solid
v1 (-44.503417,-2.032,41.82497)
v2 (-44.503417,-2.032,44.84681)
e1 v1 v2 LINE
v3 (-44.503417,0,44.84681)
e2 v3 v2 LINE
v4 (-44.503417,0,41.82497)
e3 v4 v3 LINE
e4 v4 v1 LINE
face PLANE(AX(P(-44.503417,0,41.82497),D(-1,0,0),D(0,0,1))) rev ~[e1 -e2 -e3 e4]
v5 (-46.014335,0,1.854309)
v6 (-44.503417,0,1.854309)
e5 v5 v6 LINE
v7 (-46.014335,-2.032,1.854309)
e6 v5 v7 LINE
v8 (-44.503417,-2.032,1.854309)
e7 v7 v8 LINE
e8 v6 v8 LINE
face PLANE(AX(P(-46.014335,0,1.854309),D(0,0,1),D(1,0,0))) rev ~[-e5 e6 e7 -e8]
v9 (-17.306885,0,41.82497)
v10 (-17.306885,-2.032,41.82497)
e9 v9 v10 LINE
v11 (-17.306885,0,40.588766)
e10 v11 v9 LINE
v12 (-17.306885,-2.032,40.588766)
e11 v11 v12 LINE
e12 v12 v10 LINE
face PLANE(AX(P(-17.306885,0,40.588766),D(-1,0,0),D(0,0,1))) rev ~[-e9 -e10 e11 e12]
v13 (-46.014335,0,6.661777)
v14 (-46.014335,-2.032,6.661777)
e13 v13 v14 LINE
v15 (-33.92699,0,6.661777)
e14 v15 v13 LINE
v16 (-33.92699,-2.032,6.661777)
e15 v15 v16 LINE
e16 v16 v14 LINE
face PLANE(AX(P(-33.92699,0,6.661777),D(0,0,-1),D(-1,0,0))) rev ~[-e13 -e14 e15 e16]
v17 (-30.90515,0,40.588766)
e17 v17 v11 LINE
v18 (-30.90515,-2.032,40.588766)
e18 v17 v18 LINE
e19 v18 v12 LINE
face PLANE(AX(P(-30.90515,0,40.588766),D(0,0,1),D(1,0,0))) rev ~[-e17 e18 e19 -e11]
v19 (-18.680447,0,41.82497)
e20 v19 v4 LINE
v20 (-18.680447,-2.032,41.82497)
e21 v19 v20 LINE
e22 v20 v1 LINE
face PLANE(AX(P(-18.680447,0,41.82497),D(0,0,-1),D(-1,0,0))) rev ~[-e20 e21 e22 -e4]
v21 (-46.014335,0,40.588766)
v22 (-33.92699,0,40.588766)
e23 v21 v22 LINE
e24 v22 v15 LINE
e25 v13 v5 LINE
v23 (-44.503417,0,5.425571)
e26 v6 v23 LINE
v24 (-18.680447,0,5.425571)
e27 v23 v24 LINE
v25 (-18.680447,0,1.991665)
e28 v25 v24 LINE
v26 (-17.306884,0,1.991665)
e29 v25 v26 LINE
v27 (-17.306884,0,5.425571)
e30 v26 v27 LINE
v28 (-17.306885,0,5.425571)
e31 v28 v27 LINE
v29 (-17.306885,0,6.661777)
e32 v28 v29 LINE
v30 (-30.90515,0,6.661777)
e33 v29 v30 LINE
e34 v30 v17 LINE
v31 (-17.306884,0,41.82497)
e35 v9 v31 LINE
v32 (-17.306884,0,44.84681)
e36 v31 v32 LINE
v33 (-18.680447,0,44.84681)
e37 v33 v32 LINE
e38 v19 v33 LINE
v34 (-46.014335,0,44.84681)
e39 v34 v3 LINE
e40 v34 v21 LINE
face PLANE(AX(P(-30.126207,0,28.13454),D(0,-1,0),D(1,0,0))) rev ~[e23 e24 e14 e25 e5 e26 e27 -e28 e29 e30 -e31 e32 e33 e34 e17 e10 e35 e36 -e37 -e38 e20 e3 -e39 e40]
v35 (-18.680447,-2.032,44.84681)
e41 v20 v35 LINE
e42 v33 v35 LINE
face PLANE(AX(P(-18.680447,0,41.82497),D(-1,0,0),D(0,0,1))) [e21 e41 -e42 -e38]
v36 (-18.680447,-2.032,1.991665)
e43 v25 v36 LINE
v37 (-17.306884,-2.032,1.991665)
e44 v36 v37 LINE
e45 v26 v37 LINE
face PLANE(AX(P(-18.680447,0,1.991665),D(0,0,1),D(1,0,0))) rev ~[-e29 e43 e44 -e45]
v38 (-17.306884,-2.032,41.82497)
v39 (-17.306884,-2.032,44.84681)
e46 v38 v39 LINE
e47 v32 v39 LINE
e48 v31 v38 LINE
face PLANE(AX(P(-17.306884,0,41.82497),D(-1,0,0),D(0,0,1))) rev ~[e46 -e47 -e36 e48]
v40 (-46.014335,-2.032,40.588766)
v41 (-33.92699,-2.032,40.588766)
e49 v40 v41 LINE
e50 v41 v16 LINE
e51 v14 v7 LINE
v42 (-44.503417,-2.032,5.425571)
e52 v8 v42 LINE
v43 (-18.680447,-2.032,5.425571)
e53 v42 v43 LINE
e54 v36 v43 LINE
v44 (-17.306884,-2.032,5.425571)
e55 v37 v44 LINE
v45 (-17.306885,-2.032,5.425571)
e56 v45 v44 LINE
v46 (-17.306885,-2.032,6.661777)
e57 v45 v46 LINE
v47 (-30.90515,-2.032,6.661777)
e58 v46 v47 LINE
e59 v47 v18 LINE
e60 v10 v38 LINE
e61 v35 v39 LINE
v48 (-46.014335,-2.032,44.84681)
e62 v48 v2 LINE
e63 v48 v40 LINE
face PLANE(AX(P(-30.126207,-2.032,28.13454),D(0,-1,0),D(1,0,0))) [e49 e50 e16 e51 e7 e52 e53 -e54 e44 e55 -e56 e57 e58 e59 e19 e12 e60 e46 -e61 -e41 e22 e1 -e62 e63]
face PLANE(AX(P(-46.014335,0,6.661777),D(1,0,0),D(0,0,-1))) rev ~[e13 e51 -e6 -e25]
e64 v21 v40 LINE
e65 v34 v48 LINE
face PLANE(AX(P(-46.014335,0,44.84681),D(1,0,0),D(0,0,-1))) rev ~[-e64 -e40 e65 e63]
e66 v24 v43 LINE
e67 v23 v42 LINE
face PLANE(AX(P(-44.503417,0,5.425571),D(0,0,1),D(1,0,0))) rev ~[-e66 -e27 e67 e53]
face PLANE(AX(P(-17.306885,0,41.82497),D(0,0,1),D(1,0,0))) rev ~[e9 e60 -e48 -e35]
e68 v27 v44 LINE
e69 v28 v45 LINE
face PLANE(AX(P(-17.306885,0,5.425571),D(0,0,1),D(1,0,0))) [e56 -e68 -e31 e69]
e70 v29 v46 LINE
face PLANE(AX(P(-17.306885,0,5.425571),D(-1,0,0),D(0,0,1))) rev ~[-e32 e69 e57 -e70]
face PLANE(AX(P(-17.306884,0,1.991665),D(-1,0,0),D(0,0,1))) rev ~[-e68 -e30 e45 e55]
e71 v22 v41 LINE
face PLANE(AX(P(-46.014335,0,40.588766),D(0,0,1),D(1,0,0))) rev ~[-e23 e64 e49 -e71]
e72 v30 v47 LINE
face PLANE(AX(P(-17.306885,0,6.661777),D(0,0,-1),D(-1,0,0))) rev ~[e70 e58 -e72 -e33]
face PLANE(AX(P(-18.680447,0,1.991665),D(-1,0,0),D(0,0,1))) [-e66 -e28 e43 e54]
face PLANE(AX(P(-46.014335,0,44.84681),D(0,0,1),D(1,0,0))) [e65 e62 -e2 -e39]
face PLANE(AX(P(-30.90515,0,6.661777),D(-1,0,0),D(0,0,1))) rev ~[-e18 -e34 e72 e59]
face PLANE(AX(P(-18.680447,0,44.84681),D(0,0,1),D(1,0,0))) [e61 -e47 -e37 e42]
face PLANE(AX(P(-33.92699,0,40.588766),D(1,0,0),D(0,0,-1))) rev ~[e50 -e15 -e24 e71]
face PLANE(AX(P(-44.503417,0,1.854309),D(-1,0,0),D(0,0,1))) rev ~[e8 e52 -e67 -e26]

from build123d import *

# Parameters (mm, degrees)
F0_W     = 1.510918
F0_H     = 3.02184
F0_W_2   = 1.373563
F0_H_2   = 3.571262
F0_H_3   = 3.433906
F1_DEPTH = 2.032


with BuildPart() as f1:
    # F0 (on Front) → F1 (new body)
    with BuildSketch(Plane.XZ):
        Polygon((-30.90515, 41.82497), (-33.92699, 41.82497), (-33.92699, 40.588766), (-33.92699, 6.661777), (-33.92699, 5.425571), (-30.90515, 5.425571), (-30.90515, 6.661777), (-30.90515, 40.588766), (-17.306885, 40.588766), (-17.306885, 41.82497), (-18.680448, 41.82497), align=None)
        Polygon((-33.92699, 40.588766), (-33.92699, 41.82497), (-44.503417, 41.82497), (-46.014335, 41.82497), (-46.014335, 40.588766), align=None)
        with Locations((-45.258876, 43.33589)):
            Rectangle(F0_W, F0_H)
        with Locations((-17.993666, 43.33589)):
            Rectangle(F0_W_2, F0_H)
        Polygon((-33.92699, 5.425571), (-33.92699, 6.661777), (-46.014335, 6.661777), (-46.014335, 5.425571), (-44.503417, 5.425571), align=None)
        Polygon((-30.90515, 6.661777), (-30.90515, 5.425571), (-18.680448, 5.425571), (-17.306885, 5.425571), (-17.306885, 6.661777), align=None)
        with Locations((-45.258876, 3.63994)):
            Rectangle(F0_W, F0_H_2)
        with Locations((-17.993666, 3.708618)):
            Rectangle(F0_W_2, F0_H_3)
    extrude(amount=F1_DEPTH)


solid = f1.part
